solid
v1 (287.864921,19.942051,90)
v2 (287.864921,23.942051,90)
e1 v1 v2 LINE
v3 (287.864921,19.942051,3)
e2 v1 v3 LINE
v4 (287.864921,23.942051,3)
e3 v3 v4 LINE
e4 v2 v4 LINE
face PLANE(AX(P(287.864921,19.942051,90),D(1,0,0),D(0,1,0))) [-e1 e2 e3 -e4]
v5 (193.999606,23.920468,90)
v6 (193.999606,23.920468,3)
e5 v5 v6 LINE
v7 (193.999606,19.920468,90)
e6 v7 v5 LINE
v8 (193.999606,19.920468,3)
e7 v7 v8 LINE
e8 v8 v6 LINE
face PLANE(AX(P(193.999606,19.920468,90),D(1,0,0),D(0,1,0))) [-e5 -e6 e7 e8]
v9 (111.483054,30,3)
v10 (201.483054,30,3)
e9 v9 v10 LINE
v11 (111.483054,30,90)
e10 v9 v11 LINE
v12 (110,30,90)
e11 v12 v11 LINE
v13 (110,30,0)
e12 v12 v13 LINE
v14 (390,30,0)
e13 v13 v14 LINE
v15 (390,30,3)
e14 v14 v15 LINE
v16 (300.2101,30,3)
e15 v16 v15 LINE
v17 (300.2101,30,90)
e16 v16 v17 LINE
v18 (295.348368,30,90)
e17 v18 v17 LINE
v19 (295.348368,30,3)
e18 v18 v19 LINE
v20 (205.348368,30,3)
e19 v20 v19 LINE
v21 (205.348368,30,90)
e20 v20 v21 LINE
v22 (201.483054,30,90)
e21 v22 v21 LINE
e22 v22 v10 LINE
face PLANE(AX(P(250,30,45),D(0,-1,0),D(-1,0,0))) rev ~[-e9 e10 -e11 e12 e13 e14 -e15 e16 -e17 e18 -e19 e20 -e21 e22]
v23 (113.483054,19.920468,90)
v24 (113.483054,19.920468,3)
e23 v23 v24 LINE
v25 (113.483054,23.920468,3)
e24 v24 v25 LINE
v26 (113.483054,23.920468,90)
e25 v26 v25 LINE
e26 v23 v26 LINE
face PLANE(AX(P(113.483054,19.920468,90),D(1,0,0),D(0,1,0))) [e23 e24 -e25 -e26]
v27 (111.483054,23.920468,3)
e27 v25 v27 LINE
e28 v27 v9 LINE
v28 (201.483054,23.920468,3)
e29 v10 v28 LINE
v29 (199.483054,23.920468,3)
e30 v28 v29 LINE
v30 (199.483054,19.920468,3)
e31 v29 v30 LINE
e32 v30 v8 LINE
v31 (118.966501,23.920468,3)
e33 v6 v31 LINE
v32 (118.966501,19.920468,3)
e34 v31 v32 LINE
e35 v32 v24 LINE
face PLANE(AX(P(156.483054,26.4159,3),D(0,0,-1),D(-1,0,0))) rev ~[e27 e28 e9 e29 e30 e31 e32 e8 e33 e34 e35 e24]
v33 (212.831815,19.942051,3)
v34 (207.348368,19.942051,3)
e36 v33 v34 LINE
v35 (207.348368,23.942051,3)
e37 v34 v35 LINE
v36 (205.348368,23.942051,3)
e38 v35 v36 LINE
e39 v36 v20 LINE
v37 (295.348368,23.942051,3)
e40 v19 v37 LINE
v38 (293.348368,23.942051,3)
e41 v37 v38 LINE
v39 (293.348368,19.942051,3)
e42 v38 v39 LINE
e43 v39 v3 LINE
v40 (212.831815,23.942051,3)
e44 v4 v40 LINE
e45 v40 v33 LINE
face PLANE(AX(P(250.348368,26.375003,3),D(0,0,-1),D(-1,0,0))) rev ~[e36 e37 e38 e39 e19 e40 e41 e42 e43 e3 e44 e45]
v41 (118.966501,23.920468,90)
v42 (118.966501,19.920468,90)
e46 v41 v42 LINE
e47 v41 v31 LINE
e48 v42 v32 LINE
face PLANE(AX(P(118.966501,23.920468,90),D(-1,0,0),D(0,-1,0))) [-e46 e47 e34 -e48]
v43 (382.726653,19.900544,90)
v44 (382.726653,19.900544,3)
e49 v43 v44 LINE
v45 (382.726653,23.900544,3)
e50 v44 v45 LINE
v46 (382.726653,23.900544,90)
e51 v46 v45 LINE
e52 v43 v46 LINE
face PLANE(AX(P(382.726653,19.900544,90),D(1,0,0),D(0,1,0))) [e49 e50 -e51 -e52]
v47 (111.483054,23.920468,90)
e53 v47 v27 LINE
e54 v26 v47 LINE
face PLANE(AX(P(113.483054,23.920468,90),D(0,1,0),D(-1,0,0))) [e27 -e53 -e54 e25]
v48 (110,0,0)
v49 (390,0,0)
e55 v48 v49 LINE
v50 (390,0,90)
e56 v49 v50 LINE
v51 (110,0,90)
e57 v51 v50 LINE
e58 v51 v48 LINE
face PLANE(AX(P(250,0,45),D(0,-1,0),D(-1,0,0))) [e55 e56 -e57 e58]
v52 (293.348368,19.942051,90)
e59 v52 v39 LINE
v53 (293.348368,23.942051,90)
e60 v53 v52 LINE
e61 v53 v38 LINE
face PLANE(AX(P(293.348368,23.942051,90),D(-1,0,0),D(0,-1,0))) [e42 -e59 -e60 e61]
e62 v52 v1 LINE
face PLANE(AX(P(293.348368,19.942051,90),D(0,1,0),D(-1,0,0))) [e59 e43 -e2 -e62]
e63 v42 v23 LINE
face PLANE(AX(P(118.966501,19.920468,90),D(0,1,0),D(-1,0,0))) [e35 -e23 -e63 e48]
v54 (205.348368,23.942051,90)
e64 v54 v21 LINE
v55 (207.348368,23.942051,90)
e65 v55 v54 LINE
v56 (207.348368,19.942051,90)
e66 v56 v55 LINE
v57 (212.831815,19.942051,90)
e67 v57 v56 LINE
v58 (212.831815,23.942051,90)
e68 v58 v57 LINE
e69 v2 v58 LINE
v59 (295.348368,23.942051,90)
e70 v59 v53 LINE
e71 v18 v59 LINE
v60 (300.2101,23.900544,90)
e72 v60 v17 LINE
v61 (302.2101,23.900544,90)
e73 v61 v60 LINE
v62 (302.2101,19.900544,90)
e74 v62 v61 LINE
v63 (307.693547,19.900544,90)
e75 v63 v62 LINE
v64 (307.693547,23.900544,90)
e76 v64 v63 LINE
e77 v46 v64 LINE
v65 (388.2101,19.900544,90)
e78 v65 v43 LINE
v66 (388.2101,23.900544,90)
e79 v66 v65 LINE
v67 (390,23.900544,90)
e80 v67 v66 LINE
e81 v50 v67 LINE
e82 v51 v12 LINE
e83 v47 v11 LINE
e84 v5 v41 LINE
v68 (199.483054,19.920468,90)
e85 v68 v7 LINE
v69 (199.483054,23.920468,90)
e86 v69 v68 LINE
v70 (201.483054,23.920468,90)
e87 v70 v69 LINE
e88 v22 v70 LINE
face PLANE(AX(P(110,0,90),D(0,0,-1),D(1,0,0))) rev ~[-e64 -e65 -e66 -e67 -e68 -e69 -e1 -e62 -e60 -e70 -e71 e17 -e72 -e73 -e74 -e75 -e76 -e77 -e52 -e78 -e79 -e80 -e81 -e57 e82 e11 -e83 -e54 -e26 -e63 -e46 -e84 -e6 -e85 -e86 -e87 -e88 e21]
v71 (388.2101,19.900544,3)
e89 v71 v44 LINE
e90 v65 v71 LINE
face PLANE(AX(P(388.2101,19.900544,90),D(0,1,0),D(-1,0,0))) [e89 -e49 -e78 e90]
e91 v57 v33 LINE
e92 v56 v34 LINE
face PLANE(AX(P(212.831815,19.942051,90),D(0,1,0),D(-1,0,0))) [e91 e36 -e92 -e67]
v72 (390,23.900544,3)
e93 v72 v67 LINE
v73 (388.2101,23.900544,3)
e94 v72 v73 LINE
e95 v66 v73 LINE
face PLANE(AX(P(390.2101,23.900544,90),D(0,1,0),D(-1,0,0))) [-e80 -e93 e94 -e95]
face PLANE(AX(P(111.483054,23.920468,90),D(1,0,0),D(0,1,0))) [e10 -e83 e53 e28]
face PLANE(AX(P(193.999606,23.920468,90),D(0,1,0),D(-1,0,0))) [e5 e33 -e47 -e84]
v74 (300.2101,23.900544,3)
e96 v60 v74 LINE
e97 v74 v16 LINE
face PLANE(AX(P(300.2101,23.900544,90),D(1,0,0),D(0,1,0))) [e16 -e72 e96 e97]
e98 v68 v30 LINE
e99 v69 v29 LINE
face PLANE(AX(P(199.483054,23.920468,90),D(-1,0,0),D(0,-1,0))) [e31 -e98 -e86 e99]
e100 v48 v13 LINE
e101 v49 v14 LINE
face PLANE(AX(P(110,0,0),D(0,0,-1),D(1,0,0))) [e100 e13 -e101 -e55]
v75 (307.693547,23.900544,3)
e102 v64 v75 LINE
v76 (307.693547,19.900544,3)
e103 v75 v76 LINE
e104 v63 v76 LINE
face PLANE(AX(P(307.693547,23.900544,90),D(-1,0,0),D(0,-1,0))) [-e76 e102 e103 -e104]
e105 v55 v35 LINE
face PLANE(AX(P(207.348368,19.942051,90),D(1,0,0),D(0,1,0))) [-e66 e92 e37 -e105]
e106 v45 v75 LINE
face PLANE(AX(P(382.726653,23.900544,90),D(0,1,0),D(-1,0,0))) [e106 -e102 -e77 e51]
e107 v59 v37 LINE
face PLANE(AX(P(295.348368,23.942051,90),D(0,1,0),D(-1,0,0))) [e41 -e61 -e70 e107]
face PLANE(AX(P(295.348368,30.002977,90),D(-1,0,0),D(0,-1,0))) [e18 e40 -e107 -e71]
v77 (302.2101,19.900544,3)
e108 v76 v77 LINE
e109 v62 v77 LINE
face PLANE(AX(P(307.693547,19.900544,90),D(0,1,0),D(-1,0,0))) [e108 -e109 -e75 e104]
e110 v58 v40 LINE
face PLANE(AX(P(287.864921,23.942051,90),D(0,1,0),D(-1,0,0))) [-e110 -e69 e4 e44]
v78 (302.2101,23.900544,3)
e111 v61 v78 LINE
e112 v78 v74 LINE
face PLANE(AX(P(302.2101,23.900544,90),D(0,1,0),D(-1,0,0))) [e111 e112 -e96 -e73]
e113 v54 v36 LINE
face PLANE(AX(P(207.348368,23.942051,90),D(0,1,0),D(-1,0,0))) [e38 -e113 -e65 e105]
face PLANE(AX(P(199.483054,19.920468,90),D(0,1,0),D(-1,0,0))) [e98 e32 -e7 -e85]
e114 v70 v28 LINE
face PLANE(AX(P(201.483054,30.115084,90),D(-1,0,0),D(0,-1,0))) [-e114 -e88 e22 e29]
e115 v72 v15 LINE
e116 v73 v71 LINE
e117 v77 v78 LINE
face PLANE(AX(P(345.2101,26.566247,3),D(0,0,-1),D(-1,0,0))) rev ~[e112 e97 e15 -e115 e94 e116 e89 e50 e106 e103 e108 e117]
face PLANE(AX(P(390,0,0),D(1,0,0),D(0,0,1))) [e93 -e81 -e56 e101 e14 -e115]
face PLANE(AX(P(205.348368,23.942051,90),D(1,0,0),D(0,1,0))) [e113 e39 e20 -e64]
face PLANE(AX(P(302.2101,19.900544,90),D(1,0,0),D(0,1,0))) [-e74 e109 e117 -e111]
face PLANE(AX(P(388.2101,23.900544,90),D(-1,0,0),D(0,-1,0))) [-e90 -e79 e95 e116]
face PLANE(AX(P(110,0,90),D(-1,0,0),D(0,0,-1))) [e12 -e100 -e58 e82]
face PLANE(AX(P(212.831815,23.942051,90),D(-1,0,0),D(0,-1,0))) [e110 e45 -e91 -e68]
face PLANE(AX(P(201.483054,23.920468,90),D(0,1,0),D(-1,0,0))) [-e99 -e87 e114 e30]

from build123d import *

# Parameters (mm, degrees)
BOSS_EXTRUDE1_DEPTH = 30
CUT_EXTRUDE1_DEPTH  = 87


with BuildPart() as part:
    # Sketch1 → Boss-Extrude1 (new body)
    with BuildSketch(Plane(origin=(0, 0, 0), x_dir=(1, 0, 0), z_dir=(0, 1, 0))):
        Polygon((250, -90), (110, -90), (110, 0), (390, 0), (390, -90), align=None)
    extrude(amount=BOSS_EXTRUDE1_DEPTH)

    # Sketch3 → Cut-Extrude1 (cut)
    with BuildSketch(Plane.XY.offset(90)):
        Polygon((113.483053539, 23.920467505), (111.483053539, 23.920467505), (111.483053539, 30.115083869), (201.483053539, 30.115083869), (201.483053539, 23.920467505), (199.483053539, 23.920467505), (199.483053539, 19.920467505), (193.9996064, 19.920467505), (193.9996064, 23.920467505), (118.966500679, 23.920467505), (118.966500679, 19.920467505), (113.483053539, 19.920467505), align=None)
        Polygon((302.21010009, 23.900544193), (300.21010009, 23.900544193), (300.21010009, 30.459376692), (390.21010009, 30.459376692), (390.21010009, 23.900544193), (388.21010009, 23.900544193), (388.21010009, 19.900544193), (382.72665295, 19.900544193), (382.72665295, 23.900544193), (307.69354723, 23.900544193), (307.69354723, 19.900544193), (302.21010009, 19.900544193), align=None)
        Polygon((207.348367676, 23.942050812), (205.348367676, 23.942050812), (205.348367676, 30.00297672), (295.348367676, 30.00297672), (295.348367676, 23.942050812), (293.348367676, 23.942050812), (293.348367676, 19.942050812), (287.864920536, 19.942050812), (287.864920536, 23.942050812), (212.831814816, 23.942050812), (212.831814816, 19.942050812), (207.348367676, 19.942050812), align=None)
    extrude(amount=-CUT_EXTRUDE1_DEPTH, mode=Mode.SUBTRACT)


solid = part.part
